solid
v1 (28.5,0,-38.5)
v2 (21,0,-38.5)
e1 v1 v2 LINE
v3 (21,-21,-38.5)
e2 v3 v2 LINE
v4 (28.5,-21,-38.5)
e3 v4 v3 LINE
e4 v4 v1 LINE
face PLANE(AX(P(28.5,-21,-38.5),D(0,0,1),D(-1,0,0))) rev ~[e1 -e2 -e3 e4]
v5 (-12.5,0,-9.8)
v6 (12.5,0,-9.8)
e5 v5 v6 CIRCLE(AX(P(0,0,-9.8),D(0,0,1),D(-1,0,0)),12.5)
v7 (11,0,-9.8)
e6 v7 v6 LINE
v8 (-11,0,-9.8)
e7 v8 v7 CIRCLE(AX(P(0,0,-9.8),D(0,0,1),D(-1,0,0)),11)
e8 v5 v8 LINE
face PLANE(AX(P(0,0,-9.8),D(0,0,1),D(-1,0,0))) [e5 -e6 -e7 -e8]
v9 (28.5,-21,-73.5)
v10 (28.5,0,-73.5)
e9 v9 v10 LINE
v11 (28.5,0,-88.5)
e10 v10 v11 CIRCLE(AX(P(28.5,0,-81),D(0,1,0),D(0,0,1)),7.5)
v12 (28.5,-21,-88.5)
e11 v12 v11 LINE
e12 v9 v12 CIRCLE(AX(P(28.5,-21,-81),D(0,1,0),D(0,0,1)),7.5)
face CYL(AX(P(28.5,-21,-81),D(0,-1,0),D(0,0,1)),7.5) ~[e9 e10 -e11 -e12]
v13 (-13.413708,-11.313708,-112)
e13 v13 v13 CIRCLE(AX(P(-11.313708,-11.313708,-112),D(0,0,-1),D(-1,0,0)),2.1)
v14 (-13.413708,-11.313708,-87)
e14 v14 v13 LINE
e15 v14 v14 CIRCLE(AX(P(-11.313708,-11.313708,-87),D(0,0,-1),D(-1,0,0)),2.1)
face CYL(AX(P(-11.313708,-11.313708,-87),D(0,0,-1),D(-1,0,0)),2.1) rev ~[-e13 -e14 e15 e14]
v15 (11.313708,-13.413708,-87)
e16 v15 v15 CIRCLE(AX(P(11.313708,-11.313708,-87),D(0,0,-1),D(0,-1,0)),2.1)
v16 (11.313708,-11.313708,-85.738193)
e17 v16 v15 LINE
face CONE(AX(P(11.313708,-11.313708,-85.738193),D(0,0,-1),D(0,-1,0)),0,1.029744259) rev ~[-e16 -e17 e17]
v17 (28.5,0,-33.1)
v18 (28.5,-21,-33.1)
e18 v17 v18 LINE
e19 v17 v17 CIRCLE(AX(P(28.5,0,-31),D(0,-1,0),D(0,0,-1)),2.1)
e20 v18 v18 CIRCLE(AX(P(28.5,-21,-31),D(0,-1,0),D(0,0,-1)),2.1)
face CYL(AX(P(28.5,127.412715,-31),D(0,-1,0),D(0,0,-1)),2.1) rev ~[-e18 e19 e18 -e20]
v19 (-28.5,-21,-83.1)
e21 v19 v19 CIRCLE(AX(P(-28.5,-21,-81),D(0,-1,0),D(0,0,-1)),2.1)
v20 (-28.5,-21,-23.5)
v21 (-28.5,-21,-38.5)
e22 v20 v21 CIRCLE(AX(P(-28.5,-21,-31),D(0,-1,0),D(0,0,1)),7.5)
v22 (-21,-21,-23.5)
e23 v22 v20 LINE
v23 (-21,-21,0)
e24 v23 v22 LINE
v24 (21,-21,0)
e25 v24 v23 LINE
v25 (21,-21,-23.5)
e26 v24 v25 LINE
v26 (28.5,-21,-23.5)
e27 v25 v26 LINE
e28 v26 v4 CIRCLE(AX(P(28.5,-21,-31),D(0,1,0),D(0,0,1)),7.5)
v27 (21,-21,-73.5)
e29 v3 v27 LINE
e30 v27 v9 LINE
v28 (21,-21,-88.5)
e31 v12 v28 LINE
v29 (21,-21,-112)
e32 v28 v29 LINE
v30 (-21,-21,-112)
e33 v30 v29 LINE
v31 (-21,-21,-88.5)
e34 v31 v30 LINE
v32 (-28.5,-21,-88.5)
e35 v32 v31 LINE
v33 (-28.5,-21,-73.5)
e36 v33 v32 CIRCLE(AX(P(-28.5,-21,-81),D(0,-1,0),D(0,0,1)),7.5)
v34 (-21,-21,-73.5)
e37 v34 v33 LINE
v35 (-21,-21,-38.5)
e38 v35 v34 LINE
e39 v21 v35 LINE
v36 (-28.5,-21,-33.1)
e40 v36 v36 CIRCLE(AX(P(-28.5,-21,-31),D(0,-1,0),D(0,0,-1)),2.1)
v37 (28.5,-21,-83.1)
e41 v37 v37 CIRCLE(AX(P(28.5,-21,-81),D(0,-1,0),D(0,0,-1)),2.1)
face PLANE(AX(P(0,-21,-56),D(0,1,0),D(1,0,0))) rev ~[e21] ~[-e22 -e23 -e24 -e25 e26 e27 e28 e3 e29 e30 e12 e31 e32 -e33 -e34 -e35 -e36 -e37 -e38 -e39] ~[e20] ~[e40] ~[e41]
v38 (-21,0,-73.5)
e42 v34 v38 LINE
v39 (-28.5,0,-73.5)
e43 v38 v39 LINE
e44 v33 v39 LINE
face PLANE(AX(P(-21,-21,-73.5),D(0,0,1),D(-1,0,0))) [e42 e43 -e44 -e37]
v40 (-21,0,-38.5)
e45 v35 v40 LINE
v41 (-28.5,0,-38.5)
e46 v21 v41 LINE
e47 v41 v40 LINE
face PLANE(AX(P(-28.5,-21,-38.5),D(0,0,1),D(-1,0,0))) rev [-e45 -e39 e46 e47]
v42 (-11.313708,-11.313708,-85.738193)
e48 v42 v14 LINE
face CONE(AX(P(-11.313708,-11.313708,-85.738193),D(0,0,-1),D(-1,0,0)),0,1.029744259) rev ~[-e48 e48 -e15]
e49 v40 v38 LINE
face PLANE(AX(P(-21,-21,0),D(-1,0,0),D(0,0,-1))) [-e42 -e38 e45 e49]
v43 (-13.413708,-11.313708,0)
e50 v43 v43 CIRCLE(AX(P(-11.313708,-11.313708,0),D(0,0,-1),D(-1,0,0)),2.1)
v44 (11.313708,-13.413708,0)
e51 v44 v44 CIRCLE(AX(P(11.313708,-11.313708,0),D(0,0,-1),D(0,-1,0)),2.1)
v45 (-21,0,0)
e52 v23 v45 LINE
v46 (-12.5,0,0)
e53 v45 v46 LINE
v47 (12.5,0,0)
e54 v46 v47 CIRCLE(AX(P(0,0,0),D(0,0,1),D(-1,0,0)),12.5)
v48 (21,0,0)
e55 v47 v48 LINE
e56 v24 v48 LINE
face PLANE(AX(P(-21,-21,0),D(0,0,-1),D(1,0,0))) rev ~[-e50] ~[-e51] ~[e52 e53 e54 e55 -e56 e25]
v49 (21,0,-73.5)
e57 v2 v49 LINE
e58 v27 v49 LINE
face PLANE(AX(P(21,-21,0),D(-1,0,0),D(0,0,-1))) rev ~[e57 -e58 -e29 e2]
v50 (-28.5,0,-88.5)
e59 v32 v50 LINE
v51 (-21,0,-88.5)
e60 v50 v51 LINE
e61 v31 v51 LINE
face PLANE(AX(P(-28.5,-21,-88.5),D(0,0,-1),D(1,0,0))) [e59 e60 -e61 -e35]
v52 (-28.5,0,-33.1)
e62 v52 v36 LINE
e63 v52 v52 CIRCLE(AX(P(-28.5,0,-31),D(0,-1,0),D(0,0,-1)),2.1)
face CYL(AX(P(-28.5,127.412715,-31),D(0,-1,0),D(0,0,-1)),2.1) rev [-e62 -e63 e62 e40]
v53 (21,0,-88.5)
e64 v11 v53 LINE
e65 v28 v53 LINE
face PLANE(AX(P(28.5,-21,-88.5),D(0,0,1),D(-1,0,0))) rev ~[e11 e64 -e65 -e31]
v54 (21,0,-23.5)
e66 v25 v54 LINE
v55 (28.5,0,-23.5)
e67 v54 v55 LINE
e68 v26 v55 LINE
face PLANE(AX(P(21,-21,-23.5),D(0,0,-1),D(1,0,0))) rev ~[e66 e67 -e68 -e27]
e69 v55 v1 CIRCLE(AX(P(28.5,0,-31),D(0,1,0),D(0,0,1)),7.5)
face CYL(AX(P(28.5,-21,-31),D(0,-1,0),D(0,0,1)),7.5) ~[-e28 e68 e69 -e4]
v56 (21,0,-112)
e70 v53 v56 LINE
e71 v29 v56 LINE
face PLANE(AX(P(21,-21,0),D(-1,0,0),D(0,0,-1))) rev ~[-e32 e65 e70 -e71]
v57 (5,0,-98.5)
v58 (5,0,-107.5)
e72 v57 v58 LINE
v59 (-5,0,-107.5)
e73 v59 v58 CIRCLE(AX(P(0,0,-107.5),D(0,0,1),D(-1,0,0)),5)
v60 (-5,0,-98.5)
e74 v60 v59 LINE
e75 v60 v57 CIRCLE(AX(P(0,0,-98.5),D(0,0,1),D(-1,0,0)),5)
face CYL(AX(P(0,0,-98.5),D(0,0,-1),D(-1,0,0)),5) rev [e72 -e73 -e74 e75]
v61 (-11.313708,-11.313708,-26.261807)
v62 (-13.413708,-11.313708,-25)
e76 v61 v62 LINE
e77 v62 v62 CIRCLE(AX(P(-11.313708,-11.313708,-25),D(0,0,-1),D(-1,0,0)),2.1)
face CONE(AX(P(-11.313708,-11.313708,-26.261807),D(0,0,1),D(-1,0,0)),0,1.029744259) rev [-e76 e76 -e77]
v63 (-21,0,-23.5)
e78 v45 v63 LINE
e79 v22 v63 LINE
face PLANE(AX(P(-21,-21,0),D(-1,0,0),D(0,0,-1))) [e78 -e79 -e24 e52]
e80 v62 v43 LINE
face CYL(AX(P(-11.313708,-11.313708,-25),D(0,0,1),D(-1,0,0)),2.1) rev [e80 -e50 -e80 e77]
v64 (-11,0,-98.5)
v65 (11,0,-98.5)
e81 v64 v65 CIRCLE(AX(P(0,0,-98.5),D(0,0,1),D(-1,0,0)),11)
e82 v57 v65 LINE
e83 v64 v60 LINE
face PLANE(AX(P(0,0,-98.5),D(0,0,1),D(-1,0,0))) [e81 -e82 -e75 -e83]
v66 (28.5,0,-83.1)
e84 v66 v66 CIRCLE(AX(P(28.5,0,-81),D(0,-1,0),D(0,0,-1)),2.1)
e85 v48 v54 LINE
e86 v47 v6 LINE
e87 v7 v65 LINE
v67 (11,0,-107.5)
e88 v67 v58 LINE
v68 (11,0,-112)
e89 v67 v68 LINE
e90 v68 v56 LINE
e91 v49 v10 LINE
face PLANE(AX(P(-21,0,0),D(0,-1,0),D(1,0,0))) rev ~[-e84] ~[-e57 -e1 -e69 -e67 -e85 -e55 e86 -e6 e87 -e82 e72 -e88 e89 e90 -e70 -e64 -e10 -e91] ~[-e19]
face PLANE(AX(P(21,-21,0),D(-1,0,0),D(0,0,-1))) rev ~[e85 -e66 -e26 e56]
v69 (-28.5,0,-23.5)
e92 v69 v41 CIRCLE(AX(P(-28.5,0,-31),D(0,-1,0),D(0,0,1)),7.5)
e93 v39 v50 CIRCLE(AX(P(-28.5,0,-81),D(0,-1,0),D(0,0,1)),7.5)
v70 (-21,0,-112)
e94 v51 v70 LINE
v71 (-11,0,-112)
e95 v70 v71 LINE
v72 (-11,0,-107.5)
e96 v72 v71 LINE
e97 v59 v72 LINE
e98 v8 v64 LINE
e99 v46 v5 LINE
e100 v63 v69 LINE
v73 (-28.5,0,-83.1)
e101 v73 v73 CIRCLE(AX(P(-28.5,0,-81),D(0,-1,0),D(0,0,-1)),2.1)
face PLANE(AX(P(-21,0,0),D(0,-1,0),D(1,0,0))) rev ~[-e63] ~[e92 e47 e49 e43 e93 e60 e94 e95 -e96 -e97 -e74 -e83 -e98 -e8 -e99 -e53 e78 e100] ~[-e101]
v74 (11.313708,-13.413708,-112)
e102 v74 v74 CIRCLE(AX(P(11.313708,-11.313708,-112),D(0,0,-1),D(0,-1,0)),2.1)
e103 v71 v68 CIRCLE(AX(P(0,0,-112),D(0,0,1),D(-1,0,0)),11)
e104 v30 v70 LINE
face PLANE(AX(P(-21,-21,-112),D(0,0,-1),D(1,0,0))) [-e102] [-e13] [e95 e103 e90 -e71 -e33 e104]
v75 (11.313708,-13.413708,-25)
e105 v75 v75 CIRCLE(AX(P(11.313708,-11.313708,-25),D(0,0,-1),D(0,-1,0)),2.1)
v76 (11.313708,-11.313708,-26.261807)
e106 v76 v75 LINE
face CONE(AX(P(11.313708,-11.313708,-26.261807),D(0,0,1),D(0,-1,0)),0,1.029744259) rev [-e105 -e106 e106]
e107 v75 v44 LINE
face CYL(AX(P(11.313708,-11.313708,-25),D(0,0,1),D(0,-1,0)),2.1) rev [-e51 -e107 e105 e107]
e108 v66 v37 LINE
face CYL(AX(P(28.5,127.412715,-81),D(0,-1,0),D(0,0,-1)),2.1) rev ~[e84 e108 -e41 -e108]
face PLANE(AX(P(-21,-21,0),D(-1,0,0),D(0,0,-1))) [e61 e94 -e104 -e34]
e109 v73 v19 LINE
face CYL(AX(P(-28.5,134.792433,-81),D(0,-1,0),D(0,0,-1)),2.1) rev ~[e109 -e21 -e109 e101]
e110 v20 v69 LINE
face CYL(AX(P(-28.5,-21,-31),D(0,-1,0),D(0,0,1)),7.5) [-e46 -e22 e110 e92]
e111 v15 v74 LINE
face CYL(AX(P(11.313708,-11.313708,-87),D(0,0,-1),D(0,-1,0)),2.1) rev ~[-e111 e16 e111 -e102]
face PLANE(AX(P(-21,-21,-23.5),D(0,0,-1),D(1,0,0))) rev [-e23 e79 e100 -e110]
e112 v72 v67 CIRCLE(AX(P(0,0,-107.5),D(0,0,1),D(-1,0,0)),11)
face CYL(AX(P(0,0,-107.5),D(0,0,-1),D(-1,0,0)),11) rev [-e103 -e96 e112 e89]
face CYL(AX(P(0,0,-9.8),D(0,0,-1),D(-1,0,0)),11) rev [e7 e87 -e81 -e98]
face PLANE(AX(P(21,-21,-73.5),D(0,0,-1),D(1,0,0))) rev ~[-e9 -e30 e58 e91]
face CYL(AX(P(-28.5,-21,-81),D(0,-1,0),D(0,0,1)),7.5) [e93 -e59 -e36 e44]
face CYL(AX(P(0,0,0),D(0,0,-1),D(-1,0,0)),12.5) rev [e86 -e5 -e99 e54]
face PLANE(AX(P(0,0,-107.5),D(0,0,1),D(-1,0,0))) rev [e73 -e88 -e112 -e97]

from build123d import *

# Parameters (mm, degrees)
SKETCH_1_W               = 21
SKETCH_1_H               = 112
CUT_EXTRUDE_1_REACH      = 117.871
SKETCH_3_W               = 42
SKETCH_3_H               = 25
EXTRUDE_1_REACH          = 117.871
SKETCH_4_W               = 42
SKETCH_4_H               = 112
EXTRUDE_2_DEPTH          = 21
HOLE_WIZARD_M51_D        = 4.2
PATTERN_LINEAR_1_COUNT   = 2
PATTERN_LINEAR_1_PITCH   = 50
MIRROR_1_COPY_1_DEPTH    = 21
MIRROR_1_COPY_2_D        = 4.2
PATTERN_CIRCULAR_1_COUNT = 2
PATTERN_CIRCULAR_1_ANGLE = 90


with BuildPart() as part:
    # Эскиз1 → Повернуть1 (revolve)
    with BuildSketch(Plane(origin=(0, 0, 0), x_dir=(1, 0, 0), z_dir=(0, 1, 0))):
        with Locations((10.5, 56)):
            Rectangle(SKETCH_1_W, SKETCH_1_H)
    revolve(axis=Axis((0, 0, 0), (0, 0, -1)))

    # Эскиз2 → Вырез-Повернуть1 (revolve, cut)
    with BuildSketch(Plane(origin=(0, 0, 0), x_dir=(1, 0, 0), z_dir=(0, 1, 0)), mode=Mode.PRIVATE) as cut_revolve_1_sk:
        Polygon((0, 0), (12.5, 0), (12.5, 9.8), (11, 9.8), (11, 98.5), (5, 98.5), (5, 107.5), (11, 107.5), (11, 112), (0, 112), align=None)
    revolve(cut_revolve_1_sk.sketch.rotate(Axis((0, 0, -112), (0, 0, 1)), 180), axis=Axis((0, 0, -112), (0, 0, 1)), mode=Mode.SUBTRACT)

    # Вырез-Вытянуть1: up to this face of the body (flat: up to its plane)
    cut_extrude_1_end = Plane(part.part.faces().sort_by_distance((-20.406030304, 0, -112))[0])
    # Эскиз3 → Вырез-Вытянуть1 (cut, up to the picked face)
    with BuildSketch(Plane.XY, mode=Mode.PRIVATE) as cut_extrude_1_sk1:
        with Locations((0, 12.5)):
            Rectangle(SKETCH_3_W, SKETCH_3_H)
    cut_extrude_1_tool1 = split(extrude(cut_extrude_1_sk1.sketch, amount=-CUT_EXTRUDE_1_REACH, mode=Mode.PRIVATE), bisect_by=cut_extrude_1_end, keep=Keep.BOTH, mode=Mode.PRIVATE)
    add(cut_extrude_1_tool1.solids().sort_by(Axis((0, 12.5, 0), (0, 0, -1)))[0], mode=Mode.SUBTRACT)

    # Эскиз4 → Бобышка-Вытянуть1 (add, up to next)
    with BuildSketch(Plane(origin=(0, -21, 0), x_dir=(1, 0, 0), z_dir=(0, 1, 0)), mode=Mode.PRIVATE) as extrude_1_sk1:
        with Locations((0, 56)):
            Rectangle(SKETCH_4_W, SKETCH_4_H)
    extrude_1_tool1 = extrude(extrude_1_sk1.sketch, amount=EXTRUDE_1_REACH, mode=Mode.PRIVATE) - part.part
    add(extrude_1_tool1.solids().sort_by_distance((0, -21, -56))[0])
    add(extrude_1_tool1.solids().sort_by_distance((0, -21, -56))[1])

    # Эскиз5 → Бобышка-Вытянуть2 (add)
    with BuildSketch(Plane(origin=(0, -21, 0), x_dir=(1, 0, 0), z_dir=(0, 1, 0))):
        with BuildLine():
            Line((21, 23.5), (28.5, 23.5))
            ThreePointArc((28.5, 23.5), (36, 31), (28.5, 38.5))
            Line((28.5, 38.5), (21, 38.5))
            Line((21, 38.5), (21, 23.5))
        make_face()
    extrude_2 = extrude(amount=EXTRUDE_2_DEPTH)

    # Сверление под метчик M51 (through all)
    with Locations(Plane(origin=(28.5, 0, -31), x_dir=(0, 0, 1), z_dir=(0, 1, 0))):
        with Locations((0, 0)):
            hole_wizard_m51 = Hole(HOLE_WIZARD_M51_D / 2)

    # Линейный массив1: Бобышка-Вытянуть2, Сверление под метчик M51 ×2
    with Locations(*[(0, 0, -i * PATTERN_LINEAR_1_PITCH) for i in range(1, PATTERN_LINEAR_1_COUNT)]):
        add(extrude_2)
        add(hole_wizard_m51, mode=Mode.SUBTRACT)

    # Зеркальное отражение1: Бобышка-Вытянуть2, Сверление под метчик M51 across plane
    add(extrude_2.mirror(Plane(origin=(0, 0, 0), x_dir=(0, 0, 1), z_dir=(1, 0, 0))))
    add(hole_wizard_m51.mirror(Plane(origin=(0, 0, 0), x_dir=(0, 0, 1), z_dir=(1, 0, 0))), mode=Mode.SUBTRACT)

    # Зеркальное отражение1 copy 1 sketch → Зеркальное отражение1 copy 1 (add)
    with BuildSketch(Plane(origin=(0, -21, -50), x_dir=(-1, 0, 0), z_dir=(0, 1, 0))):
        with BuildLine():
            Line((21, -23.5), (28.5, -23.5))
            ThreePointArc((28.5, -23.5), (36, -31), (28.5, -38.5))
            Line((28.5, -38.5), (21, -38.5))
            Line((21, -38.5), (21, -23.5))
        make_face()
    extrude(amount=MIRROR_1_COPY_1_DEPTH)

    # Зеркальное отражение1 copy 2 (through all)
    with Locations(Plane(origin=(-28.5, 0, -81), x_dir=(0, 0, 1), z_dir=(0, 1, 0))):
        with Locations((0, 0)):
            Hole(MIRROR_1_COPY_2_D / 2)

    # Эскиз8 → Сверление под метчик M52 (revolve, cut)
    with BuildSketch(Plane(origin=(11.313708499, -11.313708499, 0), x_dir=(0, -1, 0), z_dir=(1, 0, 0))):
        Polygon((0, 0), (0, 26.2618073), (2.1, 25), (2.1, 0), align=None)
    hole_wizard_m52 = revolve(axis=Axis((11.313708499, -11.313708499, 6.35), (0, 0, -1)), mode=Mode.SUBTRACT)

    # Круговой массив1: Сверление под метчик M52 ×2 about axis
    pattern_circular_1_axis = Axis((0, 0, 0), (0, 0, -1))
    for i in range(1, PATTERN_CIRCULAR_1_COUNT):
        add(hole_wizard_m52.rotate(pattern_circular_1_axis, i * PATTERN_CIRCULAR_1_ANGLE / (PATTERN_CIRCULAR_1_COUNT - 1)), mode=Mode.SUBTRACT)

    # Зеркальное отражение2: Сверление под метчик M52 across plane
    add(hole_wizard_m52.mirror(Plane.XY.offset(-56)), mode=Mode.SUBTRACT)

    # Зеркальное отражение2 copy 1 sketch → Зеркальное отражение2 copy 1 (revolve, cut)
    with BuildSketch(Plane(origin=(-11.313708499, -11.313708499, -112), x_dir=(-1, 0, 0), z_dir=(0, -1, 0))):
        Polygon((0, 0), (0, -26.2618073), (2.1, -25), (2.1, 0), align=None)
    revolve(axis=Axis((-11.313708499, -11.313708499, -118.35), (0, 0, -1)), mode=Mode.SUBTRACT)


solid = part.part
